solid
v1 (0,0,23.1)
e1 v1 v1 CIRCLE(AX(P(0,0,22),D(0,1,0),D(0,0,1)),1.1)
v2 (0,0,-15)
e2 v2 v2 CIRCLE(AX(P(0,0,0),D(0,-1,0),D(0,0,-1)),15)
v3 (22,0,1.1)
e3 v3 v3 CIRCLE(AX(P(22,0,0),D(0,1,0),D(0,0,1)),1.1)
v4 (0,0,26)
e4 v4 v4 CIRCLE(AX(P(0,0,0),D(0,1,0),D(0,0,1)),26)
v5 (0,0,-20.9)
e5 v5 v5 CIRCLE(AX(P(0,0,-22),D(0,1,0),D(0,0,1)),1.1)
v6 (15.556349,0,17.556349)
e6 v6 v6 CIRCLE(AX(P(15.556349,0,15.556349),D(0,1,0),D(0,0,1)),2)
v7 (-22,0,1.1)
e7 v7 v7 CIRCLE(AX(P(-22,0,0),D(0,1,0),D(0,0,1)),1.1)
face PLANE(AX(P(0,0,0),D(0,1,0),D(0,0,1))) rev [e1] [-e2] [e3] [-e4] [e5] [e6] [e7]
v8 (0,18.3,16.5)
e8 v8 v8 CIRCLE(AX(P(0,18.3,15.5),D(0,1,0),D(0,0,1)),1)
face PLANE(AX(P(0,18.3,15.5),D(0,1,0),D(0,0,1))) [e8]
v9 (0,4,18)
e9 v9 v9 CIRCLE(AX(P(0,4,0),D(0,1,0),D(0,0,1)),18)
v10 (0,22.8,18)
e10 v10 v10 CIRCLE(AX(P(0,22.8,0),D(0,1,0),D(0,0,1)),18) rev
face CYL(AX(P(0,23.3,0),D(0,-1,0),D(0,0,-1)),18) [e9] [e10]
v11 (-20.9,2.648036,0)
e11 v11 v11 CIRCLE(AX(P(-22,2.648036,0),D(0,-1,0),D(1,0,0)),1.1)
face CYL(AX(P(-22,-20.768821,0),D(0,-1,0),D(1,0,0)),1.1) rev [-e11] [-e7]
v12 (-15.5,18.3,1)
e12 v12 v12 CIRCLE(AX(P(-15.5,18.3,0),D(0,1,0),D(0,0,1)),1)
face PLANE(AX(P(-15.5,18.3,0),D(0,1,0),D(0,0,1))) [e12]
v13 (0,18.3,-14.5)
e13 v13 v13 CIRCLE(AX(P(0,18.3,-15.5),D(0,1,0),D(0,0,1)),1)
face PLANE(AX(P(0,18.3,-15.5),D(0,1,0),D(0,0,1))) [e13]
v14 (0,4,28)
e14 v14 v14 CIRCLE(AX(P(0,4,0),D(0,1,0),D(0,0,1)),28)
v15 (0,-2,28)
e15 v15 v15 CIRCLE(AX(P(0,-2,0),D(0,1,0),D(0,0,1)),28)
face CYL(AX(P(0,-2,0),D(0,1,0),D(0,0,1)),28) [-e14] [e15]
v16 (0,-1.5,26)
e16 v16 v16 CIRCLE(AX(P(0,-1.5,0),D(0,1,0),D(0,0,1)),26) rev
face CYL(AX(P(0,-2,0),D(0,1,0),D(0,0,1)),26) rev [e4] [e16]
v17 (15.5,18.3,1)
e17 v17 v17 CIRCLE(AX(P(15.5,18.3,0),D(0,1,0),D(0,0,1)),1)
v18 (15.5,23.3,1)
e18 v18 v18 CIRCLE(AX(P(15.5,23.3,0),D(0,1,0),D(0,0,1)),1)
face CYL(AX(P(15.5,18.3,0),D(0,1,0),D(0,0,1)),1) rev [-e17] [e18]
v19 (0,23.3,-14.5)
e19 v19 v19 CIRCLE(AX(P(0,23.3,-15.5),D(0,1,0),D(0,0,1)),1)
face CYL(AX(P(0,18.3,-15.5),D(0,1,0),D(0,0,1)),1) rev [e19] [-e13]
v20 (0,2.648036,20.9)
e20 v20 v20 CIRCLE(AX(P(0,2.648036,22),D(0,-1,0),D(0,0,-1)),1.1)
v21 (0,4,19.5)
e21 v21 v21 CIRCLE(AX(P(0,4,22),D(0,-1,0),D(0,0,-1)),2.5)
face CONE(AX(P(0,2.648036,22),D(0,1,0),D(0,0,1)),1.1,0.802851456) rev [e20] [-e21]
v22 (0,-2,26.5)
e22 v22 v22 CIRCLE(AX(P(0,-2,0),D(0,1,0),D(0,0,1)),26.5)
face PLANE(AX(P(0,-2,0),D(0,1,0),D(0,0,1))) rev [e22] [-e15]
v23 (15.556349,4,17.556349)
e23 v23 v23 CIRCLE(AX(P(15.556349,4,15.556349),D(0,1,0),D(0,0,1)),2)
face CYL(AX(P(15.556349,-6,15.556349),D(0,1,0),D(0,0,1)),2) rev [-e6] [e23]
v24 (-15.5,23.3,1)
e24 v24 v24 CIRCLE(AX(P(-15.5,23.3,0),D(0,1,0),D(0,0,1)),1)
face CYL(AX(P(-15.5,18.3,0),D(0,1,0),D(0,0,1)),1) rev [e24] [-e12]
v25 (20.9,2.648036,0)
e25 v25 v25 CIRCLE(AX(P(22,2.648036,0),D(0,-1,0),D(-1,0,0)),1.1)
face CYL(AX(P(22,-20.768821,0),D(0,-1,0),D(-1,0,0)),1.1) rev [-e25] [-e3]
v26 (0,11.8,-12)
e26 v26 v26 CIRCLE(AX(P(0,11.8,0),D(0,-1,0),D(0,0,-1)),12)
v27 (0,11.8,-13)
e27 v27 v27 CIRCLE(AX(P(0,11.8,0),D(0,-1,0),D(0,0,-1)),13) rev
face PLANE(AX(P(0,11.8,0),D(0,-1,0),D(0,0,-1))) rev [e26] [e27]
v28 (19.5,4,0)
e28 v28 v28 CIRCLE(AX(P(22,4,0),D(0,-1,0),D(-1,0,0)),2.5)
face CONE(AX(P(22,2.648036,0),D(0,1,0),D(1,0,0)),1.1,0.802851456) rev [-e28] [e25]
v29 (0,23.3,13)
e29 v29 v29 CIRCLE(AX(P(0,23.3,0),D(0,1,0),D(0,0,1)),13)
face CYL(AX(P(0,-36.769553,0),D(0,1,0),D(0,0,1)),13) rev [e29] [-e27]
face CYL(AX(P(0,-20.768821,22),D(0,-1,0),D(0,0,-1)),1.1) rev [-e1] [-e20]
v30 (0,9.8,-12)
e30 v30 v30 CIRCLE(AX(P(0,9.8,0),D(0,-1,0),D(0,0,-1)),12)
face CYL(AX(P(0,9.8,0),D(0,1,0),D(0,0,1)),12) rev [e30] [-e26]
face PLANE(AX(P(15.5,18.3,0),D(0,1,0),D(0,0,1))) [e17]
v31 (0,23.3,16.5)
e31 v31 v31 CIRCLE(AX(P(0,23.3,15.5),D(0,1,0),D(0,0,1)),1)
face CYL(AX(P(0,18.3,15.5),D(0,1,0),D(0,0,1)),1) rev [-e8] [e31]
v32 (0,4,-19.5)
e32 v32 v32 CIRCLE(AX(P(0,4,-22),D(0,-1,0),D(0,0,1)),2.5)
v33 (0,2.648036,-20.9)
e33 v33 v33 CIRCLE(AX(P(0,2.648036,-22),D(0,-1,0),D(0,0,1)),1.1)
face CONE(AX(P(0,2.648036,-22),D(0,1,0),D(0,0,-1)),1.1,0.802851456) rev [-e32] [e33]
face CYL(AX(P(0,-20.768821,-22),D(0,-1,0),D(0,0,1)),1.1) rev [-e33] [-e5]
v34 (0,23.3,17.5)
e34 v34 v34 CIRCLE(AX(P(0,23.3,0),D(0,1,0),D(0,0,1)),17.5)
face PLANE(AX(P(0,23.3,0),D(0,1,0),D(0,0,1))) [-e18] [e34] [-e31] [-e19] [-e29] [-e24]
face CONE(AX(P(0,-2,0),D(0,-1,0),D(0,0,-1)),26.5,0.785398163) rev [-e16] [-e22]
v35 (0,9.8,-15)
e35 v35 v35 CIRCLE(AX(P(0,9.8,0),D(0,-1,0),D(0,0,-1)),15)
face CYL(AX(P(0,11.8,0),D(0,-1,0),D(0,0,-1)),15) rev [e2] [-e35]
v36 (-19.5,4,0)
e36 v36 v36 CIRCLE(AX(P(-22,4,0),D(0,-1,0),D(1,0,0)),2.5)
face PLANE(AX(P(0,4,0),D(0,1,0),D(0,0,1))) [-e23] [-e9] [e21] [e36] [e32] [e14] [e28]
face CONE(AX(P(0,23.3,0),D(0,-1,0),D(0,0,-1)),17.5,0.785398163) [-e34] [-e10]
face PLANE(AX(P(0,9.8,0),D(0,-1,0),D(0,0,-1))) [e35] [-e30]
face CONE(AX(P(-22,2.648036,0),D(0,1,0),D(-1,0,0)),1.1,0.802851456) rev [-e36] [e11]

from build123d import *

# Parameters (mm, degrees)
SKETCH_1_R               = 26
EXTRUDE_1_DEPTH          = 4
SKETCH_2_R               = 18
EXTRUDE_2_DEPTH          = 19.3
SKETCH_3_R               = 13
CUT_EXTRUDE_1_DEPTH      = 10.3
SKETCH_6_R               = 13
CUT_EXTRUDE_4_DEPTH      = 14
SKETCH_7_R               = 1
CUT_EXTRUDE_5_DEPTH      = 5
SKETCH_8_R               = 28
SKETCH_8_R_2             = 26
EXTRUDE_3_DEPTH          = 6
CHAMFER_1_SIZE           = 0.5
CHAMFER_2_SIZE           = 0.5
PATTERN_CIRCULAR_1_COUNT = 4
SKETCH_10_R              = 15
CUT_EXTRUDE_7_DEPTH      = 11.8
SKETCH_11_R              = 15
SKETCH_11_R_2            = 12
EXTRUDE_4_DEPTH          = 2
SKETCH_12_R              = 2
CUT_EXTRUDE_8_DEPTH      = 10


with BuildPart() as part:
    # Эскиз1 → Бобышка-Вытянуть1 (new body)
    with BuildSketch(Plane(origin=(0, 0, 0), x_dir=(1, 0, 0), z_dir=(0, 1, 0))):
        Circle(SKETCH_1_R)
    extrude(amount=EXTRUDE_1_DEPTH)

    # Эскиз2 → Бобышка-Вытянуть2 (add)
    with BuildSketch(Plane(origin=(0, 4, 0), x_dir=(1, 0, 0), z_dir=(0, 1, 0))):
        Circle(SKETCH_2_R)
    extrude(amount=EXTRUDE_2_DEPTH)

    # Эскиз3 → Вырез-Вытянуть1 (cut)
    with BuildSketch(Plane(origin=(0, 23.3, 0), x_dir=(1, 0, 0), z_dir=(0, 1, 0))):
        Circle(SKETCH_3_R)
    extrude(amount=-CUT_EXTRUDE_1_DEPTH, mode=Mode.SUBTRACT)

    # Эскиз6 → Вырез-Вытянуть4 (cut, through all)
    with BuildSketch(Plane(origin=(0, 13, 0), x_dir=(1, 0, 0), z_dir=(0, 1, 0))):
        Circle(SKETCH_6_R)
    extrude(amount=-CUT_EXTRUDE_4_DEPTH, mode=Mode.SUBTRACT)

    # Эскиз7 → Вырез-Вытянуть5 (cut)
    with BuildSketch(Plane(origin=(0, 23.3, 0), x_dir=(1, 0, 0), z_dir=(0, 1, 0))):
        with Locations((-15.5, 0)):
            Circle(SKETCH_7_R)
        with Locations((0, 15.5)):
            Circle(SKETCH_7_R)
        with Locations((15.5, 0)):
            Circle(SKETCH_7_R)
        with Locations((0, -15.5)):
            Circle(SKETCH_7_R)
    extrude(amount=-CUT_EXTRUDE_5_DEPTH, mode=Mode.SUBTRACT)

    # Эскиз8 → Бобышка-Вытянуть3 (add)
    with BuildSketch(Plane(origin=(0, 4, 0), x_dir=(1, 0, 0), z_dir=(0, 1, 0))):
        Circle(SKETCH_8_R)
        Circle(SKETCH_8_R_2, mode=Mode.SUBTRACT)
    extrude(amount=-EXTRUDE_3_DEPTH)

    # Фаска1
    chamfer_1_edges = [part.edges().sort_by_distance(p)[0] for p in [
        (-26, -2, 0),
    ]]
    chamfer(chamfer_1_edges, length=CHAMFER_1_SIZE)

    # Фаска2
    chamfer_2_edges = [part.edges().sort_by_distance(p)[0] for p in [
        (-18, 23.3, 0),
    ]]
    chamfer(chamfer_2_edges, length=CHAMFER_2_SIZE)

    # Эскиз9 → Вырез-Повернуть2 (revolve, cut)
    with BuildSketch(Plane(origin=(0, 0, 0), x_dir=(0, 0, -1), z_dir=(1, 0, 0))):
        Polygon((-20.9, 2.648035715), (-19.5, 4), (-22, 4), (-22, 2.648035715), (-22, -2), (-20.9, -2), align=None)
    cut_revolve_2 = revolve(axis=Axis((0, -20.768821294, 22), (0, 1, 0)), mode=Mode.SUBTRACT)

    # Круговой массив1: Вырез-Повернуть2 ×4 about axis
    pattern_circular_1_axis = Axis((0, 0, 0), (0, 1, 0))
    for i in range(1, PATTERN_CIRCULAR_1_COUNT):
        add(cut_revolve_2.rotate(pattern_circular_1_axis, i * 360 / PATTERN_CIRCULAR_1_COUNT), mode=Mode.SUBTRACT)

    # Эскиз10 → Вырез-Вытянуть7 (cut)
    with BuildSketch(Plane.XZ):
        Circle(SKETCH_10_R)
    extrude(amount=-CUT_EXTRUDE_7_DEPTH, mode=Mode.SUBTRACT)

    # Эскиз11 → Бобышка-Вытянуть4 (add)
    with BuildSketch(Plane.XZ.offset(-11.8)):
        Circle(SKETCH_11_R)
        Circle(SKETCH_11_R_2, mode=Mode.SUBTRACT)
    extrude(amount=EXTRUDE_4_DEPTH)

    # Эскиз12 → Вырез-Вытянуть8 (cut)
    with BuildSketch(Plane(origin=(0, 4, 0), x_dir=(1, 0, 0), z_dir=(0, 1, 0))):
        with Locations((15.556349186, -15.556349186)):
            Circle(SKETCH_12_R)
    extrude(amount=-CUT_EXTRUDE_8_DEPTH, mode=Mode.SUBTRACT)


solid = part.part
